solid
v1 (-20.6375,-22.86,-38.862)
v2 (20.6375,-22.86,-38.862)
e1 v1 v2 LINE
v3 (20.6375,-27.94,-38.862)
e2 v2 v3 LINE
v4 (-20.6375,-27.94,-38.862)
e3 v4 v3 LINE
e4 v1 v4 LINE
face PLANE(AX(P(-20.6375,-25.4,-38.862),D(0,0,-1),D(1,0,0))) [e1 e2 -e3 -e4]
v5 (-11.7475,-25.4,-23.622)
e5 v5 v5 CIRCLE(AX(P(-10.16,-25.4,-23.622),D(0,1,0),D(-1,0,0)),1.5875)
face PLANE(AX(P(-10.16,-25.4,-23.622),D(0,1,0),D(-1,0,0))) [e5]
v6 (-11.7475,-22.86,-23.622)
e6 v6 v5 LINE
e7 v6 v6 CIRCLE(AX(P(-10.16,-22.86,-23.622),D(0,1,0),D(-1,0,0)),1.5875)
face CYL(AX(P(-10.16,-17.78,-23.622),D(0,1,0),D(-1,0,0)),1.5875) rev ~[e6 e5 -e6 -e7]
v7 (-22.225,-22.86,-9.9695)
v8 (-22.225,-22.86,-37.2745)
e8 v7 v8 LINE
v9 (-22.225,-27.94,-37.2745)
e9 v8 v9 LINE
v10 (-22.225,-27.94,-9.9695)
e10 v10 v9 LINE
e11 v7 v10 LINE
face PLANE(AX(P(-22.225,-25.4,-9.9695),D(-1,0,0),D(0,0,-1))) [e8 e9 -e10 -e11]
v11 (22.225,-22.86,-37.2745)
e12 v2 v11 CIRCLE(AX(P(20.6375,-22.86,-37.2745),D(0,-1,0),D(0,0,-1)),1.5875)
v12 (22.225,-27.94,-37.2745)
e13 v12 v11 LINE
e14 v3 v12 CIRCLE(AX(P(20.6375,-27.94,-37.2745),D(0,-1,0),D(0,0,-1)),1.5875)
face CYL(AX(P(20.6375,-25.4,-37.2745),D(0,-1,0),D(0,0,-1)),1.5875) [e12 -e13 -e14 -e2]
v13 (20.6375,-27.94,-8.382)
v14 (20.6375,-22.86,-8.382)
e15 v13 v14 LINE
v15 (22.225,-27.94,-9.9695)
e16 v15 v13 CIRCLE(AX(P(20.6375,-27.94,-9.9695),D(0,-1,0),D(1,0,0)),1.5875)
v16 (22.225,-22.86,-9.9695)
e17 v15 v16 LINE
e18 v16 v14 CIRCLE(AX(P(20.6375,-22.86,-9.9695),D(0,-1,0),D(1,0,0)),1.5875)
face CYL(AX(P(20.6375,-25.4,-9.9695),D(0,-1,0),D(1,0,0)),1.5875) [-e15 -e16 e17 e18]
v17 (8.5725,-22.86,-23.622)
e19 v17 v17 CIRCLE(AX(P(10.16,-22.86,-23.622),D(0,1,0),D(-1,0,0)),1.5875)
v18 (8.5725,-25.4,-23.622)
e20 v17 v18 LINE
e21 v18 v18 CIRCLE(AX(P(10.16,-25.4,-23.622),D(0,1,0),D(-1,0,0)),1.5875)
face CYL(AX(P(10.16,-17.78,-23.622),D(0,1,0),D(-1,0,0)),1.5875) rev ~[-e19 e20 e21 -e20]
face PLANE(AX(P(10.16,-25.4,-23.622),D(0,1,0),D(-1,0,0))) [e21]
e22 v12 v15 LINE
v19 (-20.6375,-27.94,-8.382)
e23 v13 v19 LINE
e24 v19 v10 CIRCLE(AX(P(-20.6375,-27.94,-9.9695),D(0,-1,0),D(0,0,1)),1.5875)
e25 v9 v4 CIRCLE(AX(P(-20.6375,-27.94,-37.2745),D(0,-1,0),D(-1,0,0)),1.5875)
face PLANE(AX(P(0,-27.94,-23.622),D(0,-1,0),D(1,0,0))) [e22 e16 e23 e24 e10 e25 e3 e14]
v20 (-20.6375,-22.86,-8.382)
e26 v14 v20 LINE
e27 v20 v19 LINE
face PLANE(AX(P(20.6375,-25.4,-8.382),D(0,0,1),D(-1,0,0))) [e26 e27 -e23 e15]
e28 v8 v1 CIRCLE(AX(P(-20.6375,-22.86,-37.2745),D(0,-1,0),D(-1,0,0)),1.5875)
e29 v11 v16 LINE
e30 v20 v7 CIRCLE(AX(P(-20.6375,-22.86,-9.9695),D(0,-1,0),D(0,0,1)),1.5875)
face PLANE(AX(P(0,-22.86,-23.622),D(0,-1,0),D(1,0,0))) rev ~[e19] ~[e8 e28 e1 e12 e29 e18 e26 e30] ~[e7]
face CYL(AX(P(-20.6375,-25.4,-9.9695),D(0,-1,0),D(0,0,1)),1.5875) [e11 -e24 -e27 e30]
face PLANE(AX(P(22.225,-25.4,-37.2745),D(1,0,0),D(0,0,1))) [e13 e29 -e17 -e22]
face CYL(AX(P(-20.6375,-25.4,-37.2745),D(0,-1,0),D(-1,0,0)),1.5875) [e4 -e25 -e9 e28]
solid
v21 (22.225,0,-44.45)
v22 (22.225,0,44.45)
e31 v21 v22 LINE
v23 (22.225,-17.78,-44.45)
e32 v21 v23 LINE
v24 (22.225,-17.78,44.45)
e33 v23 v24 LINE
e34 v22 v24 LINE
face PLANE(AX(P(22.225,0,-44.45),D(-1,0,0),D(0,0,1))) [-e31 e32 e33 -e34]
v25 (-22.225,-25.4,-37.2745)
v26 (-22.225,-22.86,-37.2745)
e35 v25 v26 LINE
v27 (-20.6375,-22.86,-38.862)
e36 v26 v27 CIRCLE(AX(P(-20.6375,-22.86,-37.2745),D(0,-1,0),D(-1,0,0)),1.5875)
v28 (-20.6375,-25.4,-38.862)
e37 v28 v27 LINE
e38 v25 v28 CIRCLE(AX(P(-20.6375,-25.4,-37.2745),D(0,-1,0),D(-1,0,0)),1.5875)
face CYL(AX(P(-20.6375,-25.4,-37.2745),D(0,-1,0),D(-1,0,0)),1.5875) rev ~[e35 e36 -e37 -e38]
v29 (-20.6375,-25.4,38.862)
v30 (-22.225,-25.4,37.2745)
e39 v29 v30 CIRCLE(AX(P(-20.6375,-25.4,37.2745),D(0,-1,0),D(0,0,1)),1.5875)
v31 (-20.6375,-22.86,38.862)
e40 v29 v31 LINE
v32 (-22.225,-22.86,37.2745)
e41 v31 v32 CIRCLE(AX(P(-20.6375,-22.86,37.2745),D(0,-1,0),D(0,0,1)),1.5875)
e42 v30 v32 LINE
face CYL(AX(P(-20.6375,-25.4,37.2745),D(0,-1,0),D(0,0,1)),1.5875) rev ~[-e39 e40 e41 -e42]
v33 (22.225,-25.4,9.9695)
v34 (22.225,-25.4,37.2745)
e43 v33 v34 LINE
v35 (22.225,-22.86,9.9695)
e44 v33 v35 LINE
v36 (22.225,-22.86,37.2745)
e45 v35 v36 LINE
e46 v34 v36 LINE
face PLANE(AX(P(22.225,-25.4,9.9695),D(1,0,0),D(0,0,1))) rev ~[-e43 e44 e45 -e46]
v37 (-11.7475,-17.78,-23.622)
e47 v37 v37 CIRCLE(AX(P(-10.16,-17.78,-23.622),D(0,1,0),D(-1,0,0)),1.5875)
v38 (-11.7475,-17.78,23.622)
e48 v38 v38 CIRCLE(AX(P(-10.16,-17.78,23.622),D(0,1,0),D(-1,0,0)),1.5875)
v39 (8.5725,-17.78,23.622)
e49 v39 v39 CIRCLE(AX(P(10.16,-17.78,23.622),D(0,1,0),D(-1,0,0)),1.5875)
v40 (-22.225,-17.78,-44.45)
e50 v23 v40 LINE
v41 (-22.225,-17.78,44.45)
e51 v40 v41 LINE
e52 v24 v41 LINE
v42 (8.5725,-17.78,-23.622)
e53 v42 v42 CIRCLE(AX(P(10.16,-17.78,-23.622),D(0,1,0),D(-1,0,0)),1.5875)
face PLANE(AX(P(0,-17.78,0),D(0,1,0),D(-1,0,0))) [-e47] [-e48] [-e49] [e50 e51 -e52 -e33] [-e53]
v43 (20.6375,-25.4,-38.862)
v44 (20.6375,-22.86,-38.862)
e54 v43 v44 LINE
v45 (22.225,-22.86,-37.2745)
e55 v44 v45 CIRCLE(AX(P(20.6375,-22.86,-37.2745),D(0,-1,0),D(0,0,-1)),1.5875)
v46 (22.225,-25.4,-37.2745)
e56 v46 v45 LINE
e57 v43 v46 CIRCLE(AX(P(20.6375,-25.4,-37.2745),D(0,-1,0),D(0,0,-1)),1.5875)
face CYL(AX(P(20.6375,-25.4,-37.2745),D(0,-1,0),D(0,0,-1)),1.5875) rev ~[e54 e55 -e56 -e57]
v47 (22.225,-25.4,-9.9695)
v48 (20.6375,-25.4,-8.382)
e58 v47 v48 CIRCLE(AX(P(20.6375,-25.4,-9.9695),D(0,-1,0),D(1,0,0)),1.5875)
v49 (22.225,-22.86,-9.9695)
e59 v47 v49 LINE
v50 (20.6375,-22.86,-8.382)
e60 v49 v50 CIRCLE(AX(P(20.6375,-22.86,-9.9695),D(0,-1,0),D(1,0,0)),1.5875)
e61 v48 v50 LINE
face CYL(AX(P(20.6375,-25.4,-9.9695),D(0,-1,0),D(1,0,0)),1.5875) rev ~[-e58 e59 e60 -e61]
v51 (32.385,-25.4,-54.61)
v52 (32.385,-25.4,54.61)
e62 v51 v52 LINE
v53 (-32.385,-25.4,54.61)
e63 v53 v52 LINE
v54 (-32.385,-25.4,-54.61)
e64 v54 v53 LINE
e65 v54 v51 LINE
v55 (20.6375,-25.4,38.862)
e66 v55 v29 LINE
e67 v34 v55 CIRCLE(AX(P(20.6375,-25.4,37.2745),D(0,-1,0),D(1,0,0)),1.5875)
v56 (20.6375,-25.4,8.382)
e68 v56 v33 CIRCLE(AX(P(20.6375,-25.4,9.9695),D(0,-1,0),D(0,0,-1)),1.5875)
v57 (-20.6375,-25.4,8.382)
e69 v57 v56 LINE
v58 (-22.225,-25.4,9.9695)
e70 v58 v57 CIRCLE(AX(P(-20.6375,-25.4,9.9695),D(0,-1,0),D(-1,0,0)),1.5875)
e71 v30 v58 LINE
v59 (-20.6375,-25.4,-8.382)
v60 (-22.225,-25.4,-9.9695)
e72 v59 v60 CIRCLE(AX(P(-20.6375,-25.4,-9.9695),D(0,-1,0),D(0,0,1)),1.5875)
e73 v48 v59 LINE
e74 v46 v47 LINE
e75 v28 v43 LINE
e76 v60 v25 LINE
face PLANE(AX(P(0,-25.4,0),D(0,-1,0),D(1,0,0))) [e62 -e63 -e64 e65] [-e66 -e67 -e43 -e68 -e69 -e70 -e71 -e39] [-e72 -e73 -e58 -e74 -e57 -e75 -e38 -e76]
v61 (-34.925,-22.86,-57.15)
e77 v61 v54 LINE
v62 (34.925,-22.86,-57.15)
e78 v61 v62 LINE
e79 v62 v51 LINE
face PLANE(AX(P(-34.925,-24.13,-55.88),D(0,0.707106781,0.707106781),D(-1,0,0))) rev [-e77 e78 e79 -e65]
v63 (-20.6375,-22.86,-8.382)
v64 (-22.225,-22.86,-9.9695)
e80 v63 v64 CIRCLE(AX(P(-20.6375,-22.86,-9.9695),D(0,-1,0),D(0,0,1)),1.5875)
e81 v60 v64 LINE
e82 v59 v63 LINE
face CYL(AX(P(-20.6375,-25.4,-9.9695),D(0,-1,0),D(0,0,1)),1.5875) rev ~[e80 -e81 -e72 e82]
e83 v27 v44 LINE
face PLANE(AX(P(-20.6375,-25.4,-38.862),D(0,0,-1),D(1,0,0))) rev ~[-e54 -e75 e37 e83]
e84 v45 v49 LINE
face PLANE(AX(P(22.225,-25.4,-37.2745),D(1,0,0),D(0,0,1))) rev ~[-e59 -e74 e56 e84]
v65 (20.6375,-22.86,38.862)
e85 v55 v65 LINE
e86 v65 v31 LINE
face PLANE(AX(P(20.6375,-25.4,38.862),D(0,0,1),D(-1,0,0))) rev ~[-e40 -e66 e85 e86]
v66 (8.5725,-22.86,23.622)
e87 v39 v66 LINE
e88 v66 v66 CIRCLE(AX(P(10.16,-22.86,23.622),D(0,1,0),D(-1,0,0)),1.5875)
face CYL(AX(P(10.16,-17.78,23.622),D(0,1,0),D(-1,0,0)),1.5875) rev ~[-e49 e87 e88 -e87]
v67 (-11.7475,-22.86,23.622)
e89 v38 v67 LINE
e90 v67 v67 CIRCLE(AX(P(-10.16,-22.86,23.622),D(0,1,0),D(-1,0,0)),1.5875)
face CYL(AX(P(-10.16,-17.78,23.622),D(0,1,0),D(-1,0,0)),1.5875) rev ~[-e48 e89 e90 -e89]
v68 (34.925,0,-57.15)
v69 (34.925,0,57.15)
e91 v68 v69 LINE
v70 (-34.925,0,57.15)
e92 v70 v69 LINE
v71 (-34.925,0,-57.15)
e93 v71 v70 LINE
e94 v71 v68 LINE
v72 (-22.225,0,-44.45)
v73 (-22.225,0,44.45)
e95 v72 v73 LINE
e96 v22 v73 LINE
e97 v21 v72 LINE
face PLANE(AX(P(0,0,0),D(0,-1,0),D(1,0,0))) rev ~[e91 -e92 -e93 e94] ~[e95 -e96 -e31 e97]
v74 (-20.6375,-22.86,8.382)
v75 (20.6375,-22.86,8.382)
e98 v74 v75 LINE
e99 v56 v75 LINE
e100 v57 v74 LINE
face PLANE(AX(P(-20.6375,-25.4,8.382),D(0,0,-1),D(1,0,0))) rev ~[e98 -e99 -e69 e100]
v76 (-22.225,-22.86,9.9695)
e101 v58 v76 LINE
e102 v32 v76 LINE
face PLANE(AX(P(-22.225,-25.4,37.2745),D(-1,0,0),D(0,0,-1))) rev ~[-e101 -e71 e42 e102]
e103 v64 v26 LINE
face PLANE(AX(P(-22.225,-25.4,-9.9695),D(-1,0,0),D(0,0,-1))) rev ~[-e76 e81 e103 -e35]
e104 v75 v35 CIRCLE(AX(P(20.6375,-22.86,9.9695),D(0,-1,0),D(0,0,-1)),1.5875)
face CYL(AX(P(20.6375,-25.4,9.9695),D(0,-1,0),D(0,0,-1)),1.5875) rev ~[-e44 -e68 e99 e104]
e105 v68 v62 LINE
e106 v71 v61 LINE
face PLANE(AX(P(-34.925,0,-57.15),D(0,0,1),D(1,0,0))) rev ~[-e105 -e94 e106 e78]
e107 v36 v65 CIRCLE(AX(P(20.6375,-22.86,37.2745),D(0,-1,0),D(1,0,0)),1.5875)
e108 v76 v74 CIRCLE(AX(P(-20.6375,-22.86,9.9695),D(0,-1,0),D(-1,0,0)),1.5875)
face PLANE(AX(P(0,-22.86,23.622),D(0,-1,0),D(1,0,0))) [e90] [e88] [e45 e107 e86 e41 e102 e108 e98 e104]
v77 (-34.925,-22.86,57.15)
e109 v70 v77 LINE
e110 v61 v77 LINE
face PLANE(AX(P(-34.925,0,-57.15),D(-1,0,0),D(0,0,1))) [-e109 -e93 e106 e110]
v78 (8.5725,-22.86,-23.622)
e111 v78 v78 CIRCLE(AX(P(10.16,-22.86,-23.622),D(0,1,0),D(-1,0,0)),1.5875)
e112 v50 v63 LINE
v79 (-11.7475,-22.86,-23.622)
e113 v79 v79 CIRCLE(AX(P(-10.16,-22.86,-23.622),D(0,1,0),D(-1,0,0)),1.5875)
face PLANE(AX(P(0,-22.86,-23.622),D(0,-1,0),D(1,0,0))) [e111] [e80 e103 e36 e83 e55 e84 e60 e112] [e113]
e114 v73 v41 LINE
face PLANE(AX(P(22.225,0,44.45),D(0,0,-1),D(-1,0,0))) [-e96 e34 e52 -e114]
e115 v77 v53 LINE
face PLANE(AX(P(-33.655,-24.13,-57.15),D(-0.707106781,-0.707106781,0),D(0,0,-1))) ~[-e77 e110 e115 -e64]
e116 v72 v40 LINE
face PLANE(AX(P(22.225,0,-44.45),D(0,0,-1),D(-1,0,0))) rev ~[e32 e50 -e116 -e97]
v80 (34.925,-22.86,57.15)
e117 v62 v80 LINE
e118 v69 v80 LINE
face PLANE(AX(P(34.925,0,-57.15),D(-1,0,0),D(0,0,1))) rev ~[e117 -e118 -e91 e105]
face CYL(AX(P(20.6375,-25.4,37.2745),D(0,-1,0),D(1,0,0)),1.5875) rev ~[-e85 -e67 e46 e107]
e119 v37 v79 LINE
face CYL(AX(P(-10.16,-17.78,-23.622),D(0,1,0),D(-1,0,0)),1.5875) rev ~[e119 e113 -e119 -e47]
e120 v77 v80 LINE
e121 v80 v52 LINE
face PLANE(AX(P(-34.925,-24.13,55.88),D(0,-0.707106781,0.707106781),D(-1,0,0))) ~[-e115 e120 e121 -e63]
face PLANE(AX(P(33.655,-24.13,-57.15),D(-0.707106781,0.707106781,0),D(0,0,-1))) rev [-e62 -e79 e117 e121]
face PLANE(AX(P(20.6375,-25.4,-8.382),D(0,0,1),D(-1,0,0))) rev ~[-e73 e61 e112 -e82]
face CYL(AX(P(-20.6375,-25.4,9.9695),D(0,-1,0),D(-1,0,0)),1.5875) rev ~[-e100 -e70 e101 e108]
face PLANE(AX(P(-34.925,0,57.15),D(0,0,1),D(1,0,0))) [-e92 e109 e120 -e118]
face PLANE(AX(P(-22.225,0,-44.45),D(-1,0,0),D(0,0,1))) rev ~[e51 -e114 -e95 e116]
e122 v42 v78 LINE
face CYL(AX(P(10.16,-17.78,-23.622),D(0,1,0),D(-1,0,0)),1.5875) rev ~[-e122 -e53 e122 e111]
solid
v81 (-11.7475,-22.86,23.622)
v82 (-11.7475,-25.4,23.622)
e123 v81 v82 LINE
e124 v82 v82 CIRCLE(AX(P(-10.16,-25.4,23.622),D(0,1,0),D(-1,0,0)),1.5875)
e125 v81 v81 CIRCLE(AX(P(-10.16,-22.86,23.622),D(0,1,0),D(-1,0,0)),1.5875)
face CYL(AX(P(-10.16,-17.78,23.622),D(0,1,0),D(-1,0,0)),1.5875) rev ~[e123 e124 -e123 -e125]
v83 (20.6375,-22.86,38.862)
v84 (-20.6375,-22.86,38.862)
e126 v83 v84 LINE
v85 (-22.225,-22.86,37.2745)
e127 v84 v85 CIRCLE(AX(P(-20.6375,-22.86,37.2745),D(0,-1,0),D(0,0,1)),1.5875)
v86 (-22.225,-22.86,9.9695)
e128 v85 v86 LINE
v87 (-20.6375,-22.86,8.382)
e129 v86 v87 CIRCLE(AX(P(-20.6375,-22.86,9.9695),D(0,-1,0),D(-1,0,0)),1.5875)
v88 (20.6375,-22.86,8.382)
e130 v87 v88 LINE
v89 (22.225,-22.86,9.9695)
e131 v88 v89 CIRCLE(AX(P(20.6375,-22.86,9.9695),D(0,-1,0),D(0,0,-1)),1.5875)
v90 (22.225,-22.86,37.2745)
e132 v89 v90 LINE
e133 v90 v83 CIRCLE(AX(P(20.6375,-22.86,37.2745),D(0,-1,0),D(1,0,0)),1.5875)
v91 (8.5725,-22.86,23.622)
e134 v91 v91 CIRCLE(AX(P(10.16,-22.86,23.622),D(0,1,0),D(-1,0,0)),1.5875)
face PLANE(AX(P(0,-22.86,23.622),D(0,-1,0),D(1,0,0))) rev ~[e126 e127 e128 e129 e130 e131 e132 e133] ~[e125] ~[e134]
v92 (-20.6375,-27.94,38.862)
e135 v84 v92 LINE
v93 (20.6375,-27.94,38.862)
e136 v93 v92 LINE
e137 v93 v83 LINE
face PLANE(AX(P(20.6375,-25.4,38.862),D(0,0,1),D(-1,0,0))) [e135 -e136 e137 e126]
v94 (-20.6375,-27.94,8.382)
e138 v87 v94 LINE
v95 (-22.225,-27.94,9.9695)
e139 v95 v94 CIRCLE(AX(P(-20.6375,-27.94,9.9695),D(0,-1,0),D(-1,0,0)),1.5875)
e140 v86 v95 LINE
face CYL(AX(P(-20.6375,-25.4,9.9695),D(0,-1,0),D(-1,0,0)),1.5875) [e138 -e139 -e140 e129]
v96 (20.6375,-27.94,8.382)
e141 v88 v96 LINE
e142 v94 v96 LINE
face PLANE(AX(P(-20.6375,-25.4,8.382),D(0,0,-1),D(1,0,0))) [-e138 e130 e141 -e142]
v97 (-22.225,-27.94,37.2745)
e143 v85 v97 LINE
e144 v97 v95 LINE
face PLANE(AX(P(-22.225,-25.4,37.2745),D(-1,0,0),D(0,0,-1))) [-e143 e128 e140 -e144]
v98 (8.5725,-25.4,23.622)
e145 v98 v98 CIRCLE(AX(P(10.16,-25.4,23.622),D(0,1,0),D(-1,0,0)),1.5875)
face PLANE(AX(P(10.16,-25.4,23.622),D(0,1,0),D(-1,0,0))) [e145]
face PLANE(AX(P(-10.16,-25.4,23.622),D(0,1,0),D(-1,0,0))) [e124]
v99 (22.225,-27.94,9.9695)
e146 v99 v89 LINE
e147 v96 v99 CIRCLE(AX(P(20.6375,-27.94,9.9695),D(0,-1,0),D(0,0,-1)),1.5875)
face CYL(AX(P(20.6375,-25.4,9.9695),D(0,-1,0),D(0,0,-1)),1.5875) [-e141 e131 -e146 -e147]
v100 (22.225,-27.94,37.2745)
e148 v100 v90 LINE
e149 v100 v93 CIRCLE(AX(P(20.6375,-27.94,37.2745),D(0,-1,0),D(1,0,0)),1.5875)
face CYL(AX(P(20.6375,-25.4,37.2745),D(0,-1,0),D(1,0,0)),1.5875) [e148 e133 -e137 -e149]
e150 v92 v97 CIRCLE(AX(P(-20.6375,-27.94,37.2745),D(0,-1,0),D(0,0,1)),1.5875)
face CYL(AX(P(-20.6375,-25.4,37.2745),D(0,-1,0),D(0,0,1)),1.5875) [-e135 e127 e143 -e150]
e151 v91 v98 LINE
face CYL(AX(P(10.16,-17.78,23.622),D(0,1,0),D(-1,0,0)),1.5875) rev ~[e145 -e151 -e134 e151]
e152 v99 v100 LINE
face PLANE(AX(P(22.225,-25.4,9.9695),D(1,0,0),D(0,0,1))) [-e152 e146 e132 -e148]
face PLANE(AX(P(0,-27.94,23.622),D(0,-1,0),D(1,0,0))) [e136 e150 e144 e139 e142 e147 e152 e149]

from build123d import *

# Parameters (mm, degrees)
F0_W      = 69.85
F0_H      = 114.3
F1_DEPTH  = 25.4
F2_SIZE   = 2.54
F4_DEPTH  = 2.54
F5_DEPTH  = 2.54
F6_DEPTH  = 2.54
F7_DEPTH  = 2.54
F8_W      = 44.45
F8_H      = 88.9
F9_DEPTH  = 17.78
F10_R     = 1.5875
F11_DEPTH = 7.62


with BuildPart() as f1:
    # F0 (on Front) → F1 (new body)
    with BuildSketch(Plane.XZ):
        Rectangle(F0_W, F0_H)
    extrude(amount=F1_DEPTH)

    # F2
    f2_edges = [f1.edges().sort_by_distance(p)[0] for p in [
        (-34.925, -25.4, 0),
        (0, -25.4, 57.15),
        (34.925, -25.4, 0),
        (0, -25.4, -57.15),
    ]]
    chamfer(f2_edges, length=F2_SIZE)

    # F3 (on face) → F4 (cut)
    with BuildSketch(Plane.XZ.offset(25.4)):
        with BuildLine():
            Line((20.6375, 38.862), (-20.6375, 38.862))
            ThreePointArc((-20.6375, 38.862), (-21.7600320151, 38.3970320151), (-22.225, 37.2745))
            Line((-22.225, 37.2745), (-22.225, 9.9695))
            ThreePointArc((-22.225, 9.9695), (-21.7600320151, 8.8469679849), (-20.6375, 8.382))
            Line((-20.6375, 8.382), (20.6375, 8.382))
            ThreePointArc((20.6375, 8.382), (21.7600320151, 8.8469679849), (22.225, 9.9695))
            Line((22.225, 9.9695), (22.225, 37.2745))
            ThreePointArc((22.225, 37.2745), (21.7600320151, 38.3970320151), (20.6375, 38.862))
        make_face()
        with BuildLine():
            Line((20.6375, -8.382), (-20.6375, -8.382))
            ThreePointArc((-20.6375, -8.382), (-21.7600320151, -8.8469679849), (-22.225, -9.9695))
            Line((-22.225, -9.9695), (-22.225, -37.2745))
            ThreePointArc((-22.225, -37.2745), (-21.7600320151, -38.3970320151), (-20.6375, -38.862))
            Line((-20.6375, -38.862), (20.6375, -38.862))
            ThreePointArc((20.6375, -38.862), (21.7600320151, -38.3970320151), (22.225, -37.2745))
            Line((22.225, -37.2745), (22.225, -9.9695))
            ThreePointArc((22.225, -9.9695), (21.7600320151, -8.8469679849), (20.6375, -8.382))
        make_face()
    extrude(amount=-F4_DEPTH, mode=Mode.SUBTRACT)

    # F8 (on face) → F9 (cut)
    with BuildSketch(Plane(origin=(0, 0, 0), x_dir=(-1, 0, 0), z_dir=(0, 1, 0))):
        Rectangle(F8_W, F8_H)
    extrude(amount=-F9_DEPTH, mode=Mode.SUBTRACT)


with BuildPart() as f5:
    # F3 (on face) → F5 (new body)
    with BuildSketch(Plane.XZ.offset(25.4)):
        with BuildLine():
            Line((20.6375, 38.862), (-20.6375, 38.862))
            ThreePointArc((-20.6375, 38.862), (-21.7600320151, 38.3970320151), (-22.225, 37.2745))
            Line((-22.225, 37.2745), (-22.225, 9.9695))
            ThreePointArc((-22.225, 9.9695), (-21.7600320151, 8.8469679849), (-20.6375, 8.382))
            Line((-20.6375, 8.382), (20.6375, 8.382))
            ThreePointArc((20.6375, 8.382), (21.7600320151, 8.8469679849), (22.225, 9.9695))
            Line((22.225, 9.9695), (22.225, 37.2745))
            ThreePointArc((22.225, 37.2745), (21.7600320151, 38.3970320151), (20.6375, 38.862))
        make_face()
    extrude(amount=F5_DEPTH)

    # F3 (on face) → F6 (join)
    with BuildSketch(Plane.XZ.offset(25.4)):
        with BuildLine():
            Line((20.6375, 38.862), (-20.6375, 38.862))
            ThreePointArc((-20.6375, 38.862), (-21.7600320151, 38.3970320151), (-22.225, 37.2745))
            Line((-22.225, 37.2745), (-22.225, 9.9695))
            ThreePointArc((-22.225, 9.9695), (-21.7600320151, 8.8469679849), (-20.6375, 8.382))
            Line((-20.6375, 8.382), (20.6375, 8.382))
            ThreePointArc((20.6375, 8.382), (21.7600320151, 8.8469679849), (22.225, 9.9695))
            Line((22.225, 9.9695), (22.225, 37.2745))
            ThreePointArc((22.225, 37.2745), (21.7600320151, 38.3970320151), (20.6375, 38.862))
        make_face()
    extrude(amount=-F6_DEPTH)


with BuildPart() as f5b:
    # F3 (on face) → F5, piece 2 (new body)
    with BuildSketch(Plane.XZ.offset(25.4)):
        with BuildLine():
            Line((20.6375, -8.382), (-20.6375, -8.382))
            ThreePointArc((-20.6375, -8.382), (-21.7600320151, -8.8469679849), (-22.225, -9.9695))
            Line((-22.225, -9.9695), (-22.225, -37.2745))
            ThreePointArc((-22.225, -37.2745), (-21.7600320151, -38.3970320151), (-20.6375, -38.862))
            Line((-20.6375, -38.862), (20.6375, -38.862))
            ThreePointArc((20.6375, -38.862), (21.7600320151, -38.3970320151), (22.225, -37.2745))
            Line((22.225, -37.2745), (22.225, -9.9695))
            ThreePointArc((22.225, -9.9695), (21.7600320151, -8.8469679849), (20.6375, -8.382))
        make_face()
    extrude(amount=F5_DEPTH)

    # F3 (on face) → F7 (join)
    with BuildSketch(Plane.XZ.offset(25.4)):
        with BuildLine():
            Line((20.6375, -8.382), (-20.6375, -8.382))
            ThreePointArc((-20.6375, -8.382), (-21.7600320151, -8.8469679849), (-22.225, -9.9695))
            Line((-22.225, -9.9695), (-22.225, -37.2745))
            ThreePointArc((-22.225, -37.2745), (-21.7600320151, -38.3970320151), (-20.6375, -38.862))
            Line((-20.6375, -38.862), (20.6375, -38.862))
            ThreePointArc((20.6375, -38.862), (21.7600320151, -38.3970320151), (22.225, -37.2745))
            Line((22.225, -37.2745), (22.225, -9.9695))
            ThreePointArc((22.225, -9.9695), (21.7600320151, -8.8469679849), (20.6375, -8.382))
        make_face()
    extrude(amount=-F7_DEPTH)


with BuildPart() as f11_tool:
    # F10 (on face) → F11 (new body)
    with BuildSketch(Plane(origin=(0, -17.78, 0), x_dir=(-1, 0, 0), z_dir=(0, 1, 0))):
        with Locations((-10.16, 23.622)):
            Circle(F10_R)
        with Locations((10.16, 23.622)):
            Circle(F10_R)
        with Locations((-10.16, -23.622)):
            Circle(F10_R)
        with Locations((10.16, -23.622)):
            Circle(F10_R)
    extrude(amount=-F11_DEPTH)


with BuildPart() as f1_1:
    add(f1.part)

    # F11: cut by f11_tool
    add(f11_tool.part, mode=Mode.SUBTRACT)


with BuildPart() as f5_1:
    add(f5.part)

    # F11: cut by f11_tool
    add(f11_tool.part, mode=Mode.SUBTRACT)


with BuildPart() as f5b_1:
    add(f5b.part)

    # F11: cut by f11_tool
    add(f11_tool.part, mode=Mode.SUBTRACT)


solid = Compound([f1_1.part, f5_1.part, f5b_1.part])
